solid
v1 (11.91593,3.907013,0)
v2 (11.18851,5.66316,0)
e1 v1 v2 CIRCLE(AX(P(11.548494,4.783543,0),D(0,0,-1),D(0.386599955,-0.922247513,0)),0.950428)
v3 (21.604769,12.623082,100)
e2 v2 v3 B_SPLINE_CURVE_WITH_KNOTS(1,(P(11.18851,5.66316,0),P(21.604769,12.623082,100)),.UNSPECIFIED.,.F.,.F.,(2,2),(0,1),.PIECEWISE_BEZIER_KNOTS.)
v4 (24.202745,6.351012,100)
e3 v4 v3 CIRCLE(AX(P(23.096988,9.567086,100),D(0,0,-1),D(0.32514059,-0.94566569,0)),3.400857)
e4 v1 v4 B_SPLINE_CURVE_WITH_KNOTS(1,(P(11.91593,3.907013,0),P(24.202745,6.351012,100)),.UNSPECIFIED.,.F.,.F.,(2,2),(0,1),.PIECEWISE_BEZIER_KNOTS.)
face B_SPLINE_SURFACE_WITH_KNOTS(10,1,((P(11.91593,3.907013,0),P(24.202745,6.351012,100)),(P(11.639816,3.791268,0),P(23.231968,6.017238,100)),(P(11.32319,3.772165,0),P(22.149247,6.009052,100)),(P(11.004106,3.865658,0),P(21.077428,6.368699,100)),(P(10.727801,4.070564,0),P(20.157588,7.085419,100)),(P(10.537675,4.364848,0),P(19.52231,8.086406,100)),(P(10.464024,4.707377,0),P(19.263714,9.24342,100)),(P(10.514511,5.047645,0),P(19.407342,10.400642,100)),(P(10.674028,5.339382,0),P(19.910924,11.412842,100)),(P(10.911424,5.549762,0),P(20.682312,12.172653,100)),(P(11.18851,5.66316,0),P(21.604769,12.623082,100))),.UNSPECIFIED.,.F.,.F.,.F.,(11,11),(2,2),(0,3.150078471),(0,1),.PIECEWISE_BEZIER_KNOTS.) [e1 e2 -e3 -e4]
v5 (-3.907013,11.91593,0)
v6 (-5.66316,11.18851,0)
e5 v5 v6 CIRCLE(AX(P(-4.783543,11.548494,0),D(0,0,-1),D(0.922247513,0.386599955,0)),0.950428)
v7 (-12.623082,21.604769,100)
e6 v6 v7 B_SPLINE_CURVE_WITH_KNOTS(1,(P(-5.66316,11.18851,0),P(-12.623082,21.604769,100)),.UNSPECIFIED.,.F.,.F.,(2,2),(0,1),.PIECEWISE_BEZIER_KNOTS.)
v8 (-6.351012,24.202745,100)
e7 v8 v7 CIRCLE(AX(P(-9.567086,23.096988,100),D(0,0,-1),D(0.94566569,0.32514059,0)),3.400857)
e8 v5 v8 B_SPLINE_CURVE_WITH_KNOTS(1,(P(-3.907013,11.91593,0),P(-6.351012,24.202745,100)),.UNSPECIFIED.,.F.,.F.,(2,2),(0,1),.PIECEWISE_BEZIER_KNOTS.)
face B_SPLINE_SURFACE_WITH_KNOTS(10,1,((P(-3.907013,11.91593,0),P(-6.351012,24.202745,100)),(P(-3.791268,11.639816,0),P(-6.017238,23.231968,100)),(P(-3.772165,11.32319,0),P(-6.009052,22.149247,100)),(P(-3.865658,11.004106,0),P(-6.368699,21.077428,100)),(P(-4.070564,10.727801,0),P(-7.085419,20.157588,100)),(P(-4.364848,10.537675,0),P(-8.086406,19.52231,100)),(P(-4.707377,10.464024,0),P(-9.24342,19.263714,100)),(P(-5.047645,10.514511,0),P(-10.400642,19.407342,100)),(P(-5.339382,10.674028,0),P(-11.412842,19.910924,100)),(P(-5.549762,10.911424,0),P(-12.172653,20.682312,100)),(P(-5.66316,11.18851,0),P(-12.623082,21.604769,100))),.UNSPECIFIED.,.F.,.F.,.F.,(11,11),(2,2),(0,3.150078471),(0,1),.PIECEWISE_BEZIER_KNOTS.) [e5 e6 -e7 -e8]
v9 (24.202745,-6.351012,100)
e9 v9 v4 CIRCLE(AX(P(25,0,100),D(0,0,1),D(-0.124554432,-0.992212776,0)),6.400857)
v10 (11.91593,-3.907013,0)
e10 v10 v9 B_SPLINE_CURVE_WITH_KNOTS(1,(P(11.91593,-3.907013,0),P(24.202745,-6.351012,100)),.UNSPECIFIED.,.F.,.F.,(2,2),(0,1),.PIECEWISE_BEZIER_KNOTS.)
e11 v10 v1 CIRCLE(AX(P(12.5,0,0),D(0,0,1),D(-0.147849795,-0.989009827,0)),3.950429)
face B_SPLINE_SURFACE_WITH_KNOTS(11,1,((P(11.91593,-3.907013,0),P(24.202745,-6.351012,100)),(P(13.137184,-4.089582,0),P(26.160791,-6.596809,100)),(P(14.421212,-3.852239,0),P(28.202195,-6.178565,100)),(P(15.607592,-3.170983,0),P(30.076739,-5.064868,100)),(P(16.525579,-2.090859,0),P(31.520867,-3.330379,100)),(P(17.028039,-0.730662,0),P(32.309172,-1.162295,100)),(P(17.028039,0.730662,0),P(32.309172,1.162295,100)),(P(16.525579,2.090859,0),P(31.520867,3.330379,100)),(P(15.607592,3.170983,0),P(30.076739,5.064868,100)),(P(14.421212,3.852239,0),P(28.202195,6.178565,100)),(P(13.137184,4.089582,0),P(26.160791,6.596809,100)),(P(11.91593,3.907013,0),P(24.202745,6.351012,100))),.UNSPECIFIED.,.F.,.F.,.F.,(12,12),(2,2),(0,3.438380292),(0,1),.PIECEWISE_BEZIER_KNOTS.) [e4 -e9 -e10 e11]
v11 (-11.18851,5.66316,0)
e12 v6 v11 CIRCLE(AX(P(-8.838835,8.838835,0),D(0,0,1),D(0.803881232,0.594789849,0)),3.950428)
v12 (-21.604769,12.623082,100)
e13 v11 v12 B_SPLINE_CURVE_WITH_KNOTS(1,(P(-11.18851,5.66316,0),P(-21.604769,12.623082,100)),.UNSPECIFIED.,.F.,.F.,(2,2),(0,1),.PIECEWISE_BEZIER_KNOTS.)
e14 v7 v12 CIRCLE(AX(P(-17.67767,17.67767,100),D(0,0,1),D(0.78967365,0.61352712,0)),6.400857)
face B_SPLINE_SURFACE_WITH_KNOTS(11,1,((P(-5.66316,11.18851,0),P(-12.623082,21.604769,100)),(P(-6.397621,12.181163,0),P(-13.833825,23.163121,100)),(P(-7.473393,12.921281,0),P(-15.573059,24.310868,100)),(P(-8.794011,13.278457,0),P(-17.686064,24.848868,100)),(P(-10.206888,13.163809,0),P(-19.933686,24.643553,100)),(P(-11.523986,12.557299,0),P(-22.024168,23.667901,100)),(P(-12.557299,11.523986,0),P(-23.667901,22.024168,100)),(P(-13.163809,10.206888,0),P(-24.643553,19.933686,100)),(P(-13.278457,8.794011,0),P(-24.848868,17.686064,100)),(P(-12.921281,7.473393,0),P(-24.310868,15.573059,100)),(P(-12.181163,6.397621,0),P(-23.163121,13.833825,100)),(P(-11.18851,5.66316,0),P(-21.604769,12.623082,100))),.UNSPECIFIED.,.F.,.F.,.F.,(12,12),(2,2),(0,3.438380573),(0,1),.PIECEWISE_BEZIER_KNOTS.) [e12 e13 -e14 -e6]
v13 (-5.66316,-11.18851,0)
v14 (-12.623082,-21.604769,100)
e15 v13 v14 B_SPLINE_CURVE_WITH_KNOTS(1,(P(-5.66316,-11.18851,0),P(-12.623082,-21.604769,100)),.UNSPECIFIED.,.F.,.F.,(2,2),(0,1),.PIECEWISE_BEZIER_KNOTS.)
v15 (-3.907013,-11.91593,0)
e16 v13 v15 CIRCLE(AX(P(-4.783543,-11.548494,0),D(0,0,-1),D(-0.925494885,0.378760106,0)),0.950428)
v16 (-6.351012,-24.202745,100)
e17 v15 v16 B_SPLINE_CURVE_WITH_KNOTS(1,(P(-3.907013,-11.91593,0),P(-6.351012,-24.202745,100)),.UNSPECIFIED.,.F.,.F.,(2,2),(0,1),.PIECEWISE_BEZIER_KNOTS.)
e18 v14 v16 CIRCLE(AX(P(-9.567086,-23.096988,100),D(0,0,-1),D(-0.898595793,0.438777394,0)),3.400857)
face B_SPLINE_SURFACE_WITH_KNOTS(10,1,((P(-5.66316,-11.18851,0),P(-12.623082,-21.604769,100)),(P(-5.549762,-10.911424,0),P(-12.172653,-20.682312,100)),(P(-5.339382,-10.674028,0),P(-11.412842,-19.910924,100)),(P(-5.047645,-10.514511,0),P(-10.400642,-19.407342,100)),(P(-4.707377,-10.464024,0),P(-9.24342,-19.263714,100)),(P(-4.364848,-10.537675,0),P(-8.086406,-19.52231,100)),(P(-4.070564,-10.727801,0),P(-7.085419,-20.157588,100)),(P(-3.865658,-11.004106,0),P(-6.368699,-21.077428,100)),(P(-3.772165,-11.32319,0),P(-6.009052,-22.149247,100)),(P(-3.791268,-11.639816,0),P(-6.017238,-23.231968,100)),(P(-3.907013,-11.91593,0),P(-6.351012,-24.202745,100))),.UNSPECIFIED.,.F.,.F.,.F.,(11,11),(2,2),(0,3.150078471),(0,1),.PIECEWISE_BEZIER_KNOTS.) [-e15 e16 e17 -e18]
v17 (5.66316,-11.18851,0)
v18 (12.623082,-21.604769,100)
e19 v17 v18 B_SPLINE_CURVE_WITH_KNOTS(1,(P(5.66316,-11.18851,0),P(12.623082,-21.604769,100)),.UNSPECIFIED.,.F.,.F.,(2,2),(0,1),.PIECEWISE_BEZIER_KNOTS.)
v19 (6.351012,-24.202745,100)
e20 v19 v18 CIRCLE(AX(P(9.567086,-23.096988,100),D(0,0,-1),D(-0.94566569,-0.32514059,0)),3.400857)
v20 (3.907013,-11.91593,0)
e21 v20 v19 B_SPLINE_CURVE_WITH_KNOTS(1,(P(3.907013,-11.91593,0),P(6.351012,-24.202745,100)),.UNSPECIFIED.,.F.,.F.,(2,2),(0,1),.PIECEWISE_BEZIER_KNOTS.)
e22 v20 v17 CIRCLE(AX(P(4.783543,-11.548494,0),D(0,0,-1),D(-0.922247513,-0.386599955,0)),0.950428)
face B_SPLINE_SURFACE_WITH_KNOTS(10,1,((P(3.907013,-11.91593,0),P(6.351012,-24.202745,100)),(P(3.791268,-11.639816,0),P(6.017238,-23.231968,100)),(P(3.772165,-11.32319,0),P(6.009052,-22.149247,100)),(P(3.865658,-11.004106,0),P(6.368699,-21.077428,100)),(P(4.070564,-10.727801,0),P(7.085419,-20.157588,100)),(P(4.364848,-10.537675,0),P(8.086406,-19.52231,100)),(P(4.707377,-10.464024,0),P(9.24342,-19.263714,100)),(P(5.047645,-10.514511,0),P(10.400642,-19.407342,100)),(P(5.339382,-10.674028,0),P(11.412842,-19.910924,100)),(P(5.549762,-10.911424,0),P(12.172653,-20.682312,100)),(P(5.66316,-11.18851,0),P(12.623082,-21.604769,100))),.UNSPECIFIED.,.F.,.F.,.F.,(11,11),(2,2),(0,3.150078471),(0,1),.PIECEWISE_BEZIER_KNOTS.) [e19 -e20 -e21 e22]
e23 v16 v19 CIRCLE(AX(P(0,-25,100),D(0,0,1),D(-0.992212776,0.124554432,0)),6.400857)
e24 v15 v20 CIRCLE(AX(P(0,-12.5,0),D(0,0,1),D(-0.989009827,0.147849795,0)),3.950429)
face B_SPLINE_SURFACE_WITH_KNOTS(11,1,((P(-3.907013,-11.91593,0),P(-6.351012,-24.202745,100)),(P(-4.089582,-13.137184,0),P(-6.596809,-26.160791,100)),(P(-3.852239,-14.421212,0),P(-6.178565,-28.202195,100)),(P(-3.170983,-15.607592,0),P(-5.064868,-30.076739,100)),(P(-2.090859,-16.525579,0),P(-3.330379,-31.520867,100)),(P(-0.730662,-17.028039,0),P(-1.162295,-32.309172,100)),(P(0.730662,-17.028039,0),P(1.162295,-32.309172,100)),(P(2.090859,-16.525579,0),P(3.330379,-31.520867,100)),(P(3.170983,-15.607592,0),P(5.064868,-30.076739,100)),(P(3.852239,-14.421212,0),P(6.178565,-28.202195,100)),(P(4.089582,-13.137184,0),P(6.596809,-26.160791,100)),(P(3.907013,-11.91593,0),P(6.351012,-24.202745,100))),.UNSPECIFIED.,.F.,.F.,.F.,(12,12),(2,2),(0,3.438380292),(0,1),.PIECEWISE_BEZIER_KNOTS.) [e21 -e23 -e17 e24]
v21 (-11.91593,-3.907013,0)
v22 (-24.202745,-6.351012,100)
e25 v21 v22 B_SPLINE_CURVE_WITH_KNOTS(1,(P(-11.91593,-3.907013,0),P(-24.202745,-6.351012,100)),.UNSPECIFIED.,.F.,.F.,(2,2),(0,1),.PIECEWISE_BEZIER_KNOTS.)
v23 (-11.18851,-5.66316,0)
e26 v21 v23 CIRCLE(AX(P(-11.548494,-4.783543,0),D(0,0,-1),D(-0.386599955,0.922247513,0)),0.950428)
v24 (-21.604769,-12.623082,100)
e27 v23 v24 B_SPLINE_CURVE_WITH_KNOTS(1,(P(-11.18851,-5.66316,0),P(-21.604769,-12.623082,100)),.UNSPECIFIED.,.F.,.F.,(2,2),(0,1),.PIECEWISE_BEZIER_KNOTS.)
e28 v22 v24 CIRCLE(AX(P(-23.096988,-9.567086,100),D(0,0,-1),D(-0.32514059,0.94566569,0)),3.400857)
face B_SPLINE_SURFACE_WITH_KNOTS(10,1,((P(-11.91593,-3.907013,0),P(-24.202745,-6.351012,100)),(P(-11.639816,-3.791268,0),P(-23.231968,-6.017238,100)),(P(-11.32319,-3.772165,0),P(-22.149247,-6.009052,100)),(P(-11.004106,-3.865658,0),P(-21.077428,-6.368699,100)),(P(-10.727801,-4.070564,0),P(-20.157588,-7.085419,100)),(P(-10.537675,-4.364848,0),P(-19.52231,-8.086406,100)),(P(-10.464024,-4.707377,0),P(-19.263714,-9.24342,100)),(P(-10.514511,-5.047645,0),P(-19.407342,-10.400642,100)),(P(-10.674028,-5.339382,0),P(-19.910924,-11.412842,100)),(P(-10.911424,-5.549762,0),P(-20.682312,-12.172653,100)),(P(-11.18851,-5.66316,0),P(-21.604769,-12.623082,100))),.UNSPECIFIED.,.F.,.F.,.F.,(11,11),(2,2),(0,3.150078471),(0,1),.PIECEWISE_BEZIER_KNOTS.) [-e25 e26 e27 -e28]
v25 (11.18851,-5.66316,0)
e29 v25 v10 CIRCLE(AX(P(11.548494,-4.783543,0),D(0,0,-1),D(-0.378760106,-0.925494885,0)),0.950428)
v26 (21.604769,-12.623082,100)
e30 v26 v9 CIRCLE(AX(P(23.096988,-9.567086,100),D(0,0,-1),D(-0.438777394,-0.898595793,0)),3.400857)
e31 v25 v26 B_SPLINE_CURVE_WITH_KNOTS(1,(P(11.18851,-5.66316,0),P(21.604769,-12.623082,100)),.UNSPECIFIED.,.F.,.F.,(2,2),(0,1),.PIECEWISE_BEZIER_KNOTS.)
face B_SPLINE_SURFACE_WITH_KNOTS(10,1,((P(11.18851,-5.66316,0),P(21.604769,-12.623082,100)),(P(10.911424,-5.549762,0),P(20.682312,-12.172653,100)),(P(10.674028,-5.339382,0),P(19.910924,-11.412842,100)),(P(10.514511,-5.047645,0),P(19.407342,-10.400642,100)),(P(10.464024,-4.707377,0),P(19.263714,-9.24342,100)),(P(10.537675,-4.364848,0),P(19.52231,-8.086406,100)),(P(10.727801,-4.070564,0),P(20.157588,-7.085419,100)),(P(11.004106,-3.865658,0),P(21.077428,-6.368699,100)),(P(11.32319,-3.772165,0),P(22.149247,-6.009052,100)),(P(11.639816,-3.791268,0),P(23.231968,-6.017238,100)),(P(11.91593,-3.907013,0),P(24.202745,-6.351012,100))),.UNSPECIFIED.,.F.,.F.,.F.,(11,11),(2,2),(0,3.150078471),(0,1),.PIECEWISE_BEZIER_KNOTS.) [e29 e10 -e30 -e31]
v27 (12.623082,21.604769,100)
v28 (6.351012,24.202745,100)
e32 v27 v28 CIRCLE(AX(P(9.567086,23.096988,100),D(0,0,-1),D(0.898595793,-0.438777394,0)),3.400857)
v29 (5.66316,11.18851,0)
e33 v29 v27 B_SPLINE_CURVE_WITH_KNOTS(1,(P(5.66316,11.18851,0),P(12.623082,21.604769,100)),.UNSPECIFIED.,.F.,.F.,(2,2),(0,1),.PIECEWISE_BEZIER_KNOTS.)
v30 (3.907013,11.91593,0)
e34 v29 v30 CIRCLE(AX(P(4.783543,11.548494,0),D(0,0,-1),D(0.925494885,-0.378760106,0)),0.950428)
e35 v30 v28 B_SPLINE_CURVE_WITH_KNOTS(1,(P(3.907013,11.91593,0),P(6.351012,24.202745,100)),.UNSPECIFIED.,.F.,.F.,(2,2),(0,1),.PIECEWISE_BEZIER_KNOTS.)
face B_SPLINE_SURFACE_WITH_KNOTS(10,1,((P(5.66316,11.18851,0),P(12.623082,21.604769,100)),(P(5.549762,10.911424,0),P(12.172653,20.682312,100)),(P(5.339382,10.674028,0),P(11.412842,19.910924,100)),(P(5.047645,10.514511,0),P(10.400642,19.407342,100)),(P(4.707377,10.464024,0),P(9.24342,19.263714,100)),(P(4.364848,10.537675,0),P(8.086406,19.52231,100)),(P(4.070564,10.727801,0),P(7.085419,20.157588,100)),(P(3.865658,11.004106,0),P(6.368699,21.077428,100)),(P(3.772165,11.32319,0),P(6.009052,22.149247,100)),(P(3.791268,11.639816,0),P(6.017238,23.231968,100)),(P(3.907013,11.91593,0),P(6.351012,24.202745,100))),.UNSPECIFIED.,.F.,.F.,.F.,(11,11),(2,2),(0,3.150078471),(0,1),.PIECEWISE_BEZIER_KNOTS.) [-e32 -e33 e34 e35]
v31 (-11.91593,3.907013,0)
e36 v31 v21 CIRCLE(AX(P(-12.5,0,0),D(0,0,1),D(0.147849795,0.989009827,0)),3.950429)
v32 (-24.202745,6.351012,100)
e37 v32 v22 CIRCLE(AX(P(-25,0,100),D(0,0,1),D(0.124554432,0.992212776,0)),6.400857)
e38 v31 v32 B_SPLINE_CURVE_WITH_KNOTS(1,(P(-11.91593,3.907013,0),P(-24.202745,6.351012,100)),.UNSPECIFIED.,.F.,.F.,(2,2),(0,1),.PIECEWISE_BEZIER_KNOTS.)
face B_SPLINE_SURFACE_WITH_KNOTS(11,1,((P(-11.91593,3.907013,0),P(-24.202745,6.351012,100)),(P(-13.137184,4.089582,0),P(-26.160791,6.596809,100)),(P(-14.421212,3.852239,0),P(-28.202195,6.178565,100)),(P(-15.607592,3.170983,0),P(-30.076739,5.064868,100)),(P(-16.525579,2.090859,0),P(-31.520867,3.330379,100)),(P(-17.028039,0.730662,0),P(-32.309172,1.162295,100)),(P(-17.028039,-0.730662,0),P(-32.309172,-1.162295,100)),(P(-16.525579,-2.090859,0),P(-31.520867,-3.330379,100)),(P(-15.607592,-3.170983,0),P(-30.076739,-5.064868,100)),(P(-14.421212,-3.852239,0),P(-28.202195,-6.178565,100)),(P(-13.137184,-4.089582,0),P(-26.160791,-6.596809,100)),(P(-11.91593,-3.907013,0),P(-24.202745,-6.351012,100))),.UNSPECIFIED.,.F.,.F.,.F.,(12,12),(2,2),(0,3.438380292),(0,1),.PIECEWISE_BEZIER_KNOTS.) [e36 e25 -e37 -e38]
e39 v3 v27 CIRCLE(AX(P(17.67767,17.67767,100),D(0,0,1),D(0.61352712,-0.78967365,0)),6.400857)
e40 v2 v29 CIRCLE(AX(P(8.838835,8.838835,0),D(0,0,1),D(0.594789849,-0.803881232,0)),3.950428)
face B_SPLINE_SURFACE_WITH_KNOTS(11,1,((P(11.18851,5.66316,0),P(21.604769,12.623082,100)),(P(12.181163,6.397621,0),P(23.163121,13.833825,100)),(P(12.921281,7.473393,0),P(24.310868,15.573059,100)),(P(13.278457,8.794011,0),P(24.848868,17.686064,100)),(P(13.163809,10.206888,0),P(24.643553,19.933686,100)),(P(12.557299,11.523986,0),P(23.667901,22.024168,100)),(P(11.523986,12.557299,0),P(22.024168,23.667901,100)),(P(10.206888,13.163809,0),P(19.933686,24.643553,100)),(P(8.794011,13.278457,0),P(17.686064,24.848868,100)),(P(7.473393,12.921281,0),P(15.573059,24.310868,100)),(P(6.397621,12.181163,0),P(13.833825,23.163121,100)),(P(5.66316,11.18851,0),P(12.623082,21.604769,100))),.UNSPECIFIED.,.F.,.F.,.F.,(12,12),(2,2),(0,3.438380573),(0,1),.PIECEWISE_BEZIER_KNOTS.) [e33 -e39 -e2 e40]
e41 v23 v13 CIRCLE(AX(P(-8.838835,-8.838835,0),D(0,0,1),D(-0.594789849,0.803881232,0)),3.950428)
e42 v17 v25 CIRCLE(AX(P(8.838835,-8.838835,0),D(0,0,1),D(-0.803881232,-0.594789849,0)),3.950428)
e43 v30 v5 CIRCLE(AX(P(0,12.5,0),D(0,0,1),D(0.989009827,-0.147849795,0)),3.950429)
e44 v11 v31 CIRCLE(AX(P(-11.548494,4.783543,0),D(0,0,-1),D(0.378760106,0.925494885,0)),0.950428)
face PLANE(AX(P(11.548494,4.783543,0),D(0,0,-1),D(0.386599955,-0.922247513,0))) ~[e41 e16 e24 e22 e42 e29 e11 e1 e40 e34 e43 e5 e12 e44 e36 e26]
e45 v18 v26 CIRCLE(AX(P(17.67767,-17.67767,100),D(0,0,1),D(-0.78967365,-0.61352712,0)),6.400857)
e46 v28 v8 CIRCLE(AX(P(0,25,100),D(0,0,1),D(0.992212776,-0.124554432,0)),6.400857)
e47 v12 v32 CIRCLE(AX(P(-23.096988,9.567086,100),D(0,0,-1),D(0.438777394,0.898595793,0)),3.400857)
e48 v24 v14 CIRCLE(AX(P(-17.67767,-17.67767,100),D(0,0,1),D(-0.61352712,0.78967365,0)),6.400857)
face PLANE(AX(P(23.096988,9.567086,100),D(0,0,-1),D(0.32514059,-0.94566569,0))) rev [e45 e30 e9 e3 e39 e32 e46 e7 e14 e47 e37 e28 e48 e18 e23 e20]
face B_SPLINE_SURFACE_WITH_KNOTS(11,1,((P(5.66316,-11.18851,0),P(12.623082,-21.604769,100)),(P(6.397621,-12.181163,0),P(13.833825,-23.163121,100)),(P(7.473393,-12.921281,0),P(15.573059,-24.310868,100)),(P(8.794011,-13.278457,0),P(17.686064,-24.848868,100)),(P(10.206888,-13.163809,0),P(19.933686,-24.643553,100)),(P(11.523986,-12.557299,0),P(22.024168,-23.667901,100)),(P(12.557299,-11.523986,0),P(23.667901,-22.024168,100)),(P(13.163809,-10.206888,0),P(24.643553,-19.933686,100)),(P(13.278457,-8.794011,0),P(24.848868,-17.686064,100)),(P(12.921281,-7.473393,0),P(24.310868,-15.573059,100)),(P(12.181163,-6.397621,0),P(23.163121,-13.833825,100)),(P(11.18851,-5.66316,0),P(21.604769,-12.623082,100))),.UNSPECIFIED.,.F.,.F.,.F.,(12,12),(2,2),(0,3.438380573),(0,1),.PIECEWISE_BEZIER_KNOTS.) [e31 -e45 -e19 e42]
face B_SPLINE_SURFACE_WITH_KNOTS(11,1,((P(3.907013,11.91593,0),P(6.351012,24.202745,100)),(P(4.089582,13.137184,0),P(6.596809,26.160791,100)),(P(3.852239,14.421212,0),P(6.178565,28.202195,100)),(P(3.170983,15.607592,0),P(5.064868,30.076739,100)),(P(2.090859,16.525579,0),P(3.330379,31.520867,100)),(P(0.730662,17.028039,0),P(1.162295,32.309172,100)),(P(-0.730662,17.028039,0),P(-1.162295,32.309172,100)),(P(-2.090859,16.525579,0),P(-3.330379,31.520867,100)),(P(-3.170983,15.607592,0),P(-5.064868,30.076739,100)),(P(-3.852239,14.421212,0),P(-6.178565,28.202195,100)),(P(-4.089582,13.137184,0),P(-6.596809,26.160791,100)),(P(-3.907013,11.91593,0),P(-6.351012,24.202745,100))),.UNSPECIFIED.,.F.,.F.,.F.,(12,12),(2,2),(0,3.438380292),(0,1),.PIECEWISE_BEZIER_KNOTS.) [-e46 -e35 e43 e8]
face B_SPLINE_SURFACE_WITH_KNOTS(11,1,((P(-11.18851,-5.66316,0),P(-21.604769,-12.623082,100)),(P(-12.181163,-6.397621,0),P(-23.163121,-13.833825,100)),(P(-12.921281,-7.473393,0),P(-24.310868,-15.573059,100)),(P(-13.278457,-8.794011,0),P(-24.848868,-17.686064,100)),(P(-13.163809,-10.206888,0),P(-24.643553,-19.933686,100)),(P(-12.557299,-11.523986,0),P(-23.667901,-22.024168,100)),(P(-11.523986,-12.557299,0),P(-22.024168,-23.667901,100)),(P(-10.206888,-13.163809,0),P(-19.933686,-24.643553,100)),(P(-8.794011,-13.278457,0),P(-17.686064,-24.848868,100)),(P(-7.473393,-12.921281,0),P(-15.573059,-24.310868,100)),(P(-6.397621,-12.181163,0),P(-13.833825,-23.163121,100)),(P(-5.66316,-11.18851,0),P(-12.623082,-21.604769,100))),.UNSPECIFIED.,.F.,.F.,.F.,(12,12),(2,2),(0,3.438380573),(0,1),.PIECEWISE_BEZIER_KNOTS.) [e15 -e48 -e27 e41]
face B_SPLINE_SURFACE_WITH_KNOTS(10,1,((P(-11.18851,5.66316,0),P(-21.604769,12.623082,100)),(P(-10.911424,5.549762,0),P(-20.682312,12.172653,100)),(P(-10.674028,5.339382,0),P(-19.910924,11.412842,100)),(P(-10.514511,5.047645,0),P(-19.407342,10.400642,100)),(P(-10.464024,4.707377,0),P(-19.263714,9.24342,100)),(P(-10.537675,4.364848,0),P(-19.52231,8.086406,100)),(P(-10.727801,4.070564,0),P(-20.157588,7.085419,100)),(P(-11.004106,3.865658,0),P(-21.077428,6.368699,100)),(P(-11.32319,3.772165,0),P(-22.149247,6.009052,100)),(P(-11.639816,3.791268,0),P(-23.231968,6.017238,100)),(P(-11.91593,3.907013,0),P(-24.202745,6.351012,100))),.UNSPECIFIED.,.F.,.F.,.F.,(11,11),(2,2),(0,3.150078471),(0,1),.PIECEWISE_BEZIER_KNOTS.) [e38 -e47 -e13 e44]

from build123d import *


with BuildPart() as f3:
    # F0 (on Top) → F3 section 0
    with BuildSketch(Plane.XY):
        with BuildLine():
            ThreePointArc((11.91593, 3.907013), (10.670413, 4.41983), (11.18851, 5.66316))
            ThreePointArc((11.18851, 5.66316), (11.63221, 11.63221), (5.66316, 11.18851))
            ThreePointArc((5.66316, 11.18851), (4.41983, 10.670413), (3.907013, 11.91593))
            ThreePointArc((3.907013, 11.91593), (0, 16.450429), (-3.907013, 11.91593))
            ThreePointArc((-3.907013, 11.91593), (-4.41983, 10.670413), (-5.66316, 11.18851))
            ThreePointArc((-5.66316, 11.18851), (-11.63221, 11.63221), (-11.18851, 5.66316))
            ThreePointArc((-11.18851, 5.66316), (-10.670413, 4.41983), (-11.91593, 3.907013))
            ThreePointArc((-11.91593, 3.907013), (-16.450429, 0), (-11.91593, -3.907013))
            ThreePointArc((-11.91593, -3.907013), (-10.670413, -4.41983), (-11.18851, -5.66316))
            ThreePointArc((-11.18851, -5.66316), (-11.63221, -11.63221), (-5.66316, -11.18851))
            ThreePointArc((-5.66316, -11.18851), (-4.41983, -10.670413), (-3.907013, -11.91593))
            ThreePointArc((-3.907013, -11.91593), (0, -16.450429), (3.907013, -11.91593))
            ThreePointArc((3.907013, -11.91593), (4.41983, -10.670413), (5.66316, -11.18851))
            ThreePointArc((5.66316, -11.18851), (11.63221, -11.63221), (11.18851, -5.66316))
            ThreePointArc((11.18851, -5.66316), (10.670413, -4.41983), (11.91593, -3.907013))
            ThreePointArc((11.91593, -3.907013), (16.450429, 0), (11.91593, 3.907013))
        make_face()
    # F2 (on offset) → F3 section 1
    with BuildSketch(Plane.XY.offset(100)):
        with BuildLine():
            ThreePointArc((24.202745, 6.351012), (19.955006, 8.265634), (21.604769, 12.623082))
            ThreePointArc((21.604769, 12.623082), (22.203759, 22.203759), (12.623082, 21.604769))
            ThreePointArc((12.623082, 21.604769), (8.265634, 19.955006), (6.351012, 24.202745))
            ThreePointArc((6.351012, 24.202745), (0, 31.400857), (-6.351012, 24.202745))
            ThreePointArc((-6.351012, 24.202745), (-8.265634, 19.955006), (-12.623082, 21.604769))
            ThreePointArc((-12.623082, 21.604769), (-22.203759, 22.203759), (-21.604769, 12.623082))
            ThreePointArc((-21.604769, 12.623082), (-19.955006, 8.265634), (-24.202745, 6.351012))
            ThreePointArc((-24.202745, 6.351012), (-31.400857, 0), (-24.202745, -6.351012))
            ThreePointArc((-24.202745, -6.351012), (-19.955006, -8.265634), (-21.604769, -12.623082))
            ThreePointArc((-21.604769, -12.623082), (-22.203759, -22.203759), (-12.623082, -21.604769))
            ThreePointArc((-12.623082, -21.604769), (-8.265634, -19.955006), (-6.351012, -24.202745))
            ThreePointArc((-6.351012, -24.202745), (0, -31.400857), (6.351012, -24.202745))
            ThreePointArc((6.351012, -24.202745), (8.265634, -19.955006), (12.623082, -21.604769))
            ThreePointArc((12.623082, -21.604769), (22.203759, -22.203759), (21.604769, -12.623082))
            ThreePointArc((21.604769, -12.623082), (19.955006, -8.265634), (24.202745, -6.351012))
            ThreePointArc((24.202745, -6.351012), (31.400857, 0), (24.202745, 6.351012))
        make_face()
    loft()


solid = f3.part
